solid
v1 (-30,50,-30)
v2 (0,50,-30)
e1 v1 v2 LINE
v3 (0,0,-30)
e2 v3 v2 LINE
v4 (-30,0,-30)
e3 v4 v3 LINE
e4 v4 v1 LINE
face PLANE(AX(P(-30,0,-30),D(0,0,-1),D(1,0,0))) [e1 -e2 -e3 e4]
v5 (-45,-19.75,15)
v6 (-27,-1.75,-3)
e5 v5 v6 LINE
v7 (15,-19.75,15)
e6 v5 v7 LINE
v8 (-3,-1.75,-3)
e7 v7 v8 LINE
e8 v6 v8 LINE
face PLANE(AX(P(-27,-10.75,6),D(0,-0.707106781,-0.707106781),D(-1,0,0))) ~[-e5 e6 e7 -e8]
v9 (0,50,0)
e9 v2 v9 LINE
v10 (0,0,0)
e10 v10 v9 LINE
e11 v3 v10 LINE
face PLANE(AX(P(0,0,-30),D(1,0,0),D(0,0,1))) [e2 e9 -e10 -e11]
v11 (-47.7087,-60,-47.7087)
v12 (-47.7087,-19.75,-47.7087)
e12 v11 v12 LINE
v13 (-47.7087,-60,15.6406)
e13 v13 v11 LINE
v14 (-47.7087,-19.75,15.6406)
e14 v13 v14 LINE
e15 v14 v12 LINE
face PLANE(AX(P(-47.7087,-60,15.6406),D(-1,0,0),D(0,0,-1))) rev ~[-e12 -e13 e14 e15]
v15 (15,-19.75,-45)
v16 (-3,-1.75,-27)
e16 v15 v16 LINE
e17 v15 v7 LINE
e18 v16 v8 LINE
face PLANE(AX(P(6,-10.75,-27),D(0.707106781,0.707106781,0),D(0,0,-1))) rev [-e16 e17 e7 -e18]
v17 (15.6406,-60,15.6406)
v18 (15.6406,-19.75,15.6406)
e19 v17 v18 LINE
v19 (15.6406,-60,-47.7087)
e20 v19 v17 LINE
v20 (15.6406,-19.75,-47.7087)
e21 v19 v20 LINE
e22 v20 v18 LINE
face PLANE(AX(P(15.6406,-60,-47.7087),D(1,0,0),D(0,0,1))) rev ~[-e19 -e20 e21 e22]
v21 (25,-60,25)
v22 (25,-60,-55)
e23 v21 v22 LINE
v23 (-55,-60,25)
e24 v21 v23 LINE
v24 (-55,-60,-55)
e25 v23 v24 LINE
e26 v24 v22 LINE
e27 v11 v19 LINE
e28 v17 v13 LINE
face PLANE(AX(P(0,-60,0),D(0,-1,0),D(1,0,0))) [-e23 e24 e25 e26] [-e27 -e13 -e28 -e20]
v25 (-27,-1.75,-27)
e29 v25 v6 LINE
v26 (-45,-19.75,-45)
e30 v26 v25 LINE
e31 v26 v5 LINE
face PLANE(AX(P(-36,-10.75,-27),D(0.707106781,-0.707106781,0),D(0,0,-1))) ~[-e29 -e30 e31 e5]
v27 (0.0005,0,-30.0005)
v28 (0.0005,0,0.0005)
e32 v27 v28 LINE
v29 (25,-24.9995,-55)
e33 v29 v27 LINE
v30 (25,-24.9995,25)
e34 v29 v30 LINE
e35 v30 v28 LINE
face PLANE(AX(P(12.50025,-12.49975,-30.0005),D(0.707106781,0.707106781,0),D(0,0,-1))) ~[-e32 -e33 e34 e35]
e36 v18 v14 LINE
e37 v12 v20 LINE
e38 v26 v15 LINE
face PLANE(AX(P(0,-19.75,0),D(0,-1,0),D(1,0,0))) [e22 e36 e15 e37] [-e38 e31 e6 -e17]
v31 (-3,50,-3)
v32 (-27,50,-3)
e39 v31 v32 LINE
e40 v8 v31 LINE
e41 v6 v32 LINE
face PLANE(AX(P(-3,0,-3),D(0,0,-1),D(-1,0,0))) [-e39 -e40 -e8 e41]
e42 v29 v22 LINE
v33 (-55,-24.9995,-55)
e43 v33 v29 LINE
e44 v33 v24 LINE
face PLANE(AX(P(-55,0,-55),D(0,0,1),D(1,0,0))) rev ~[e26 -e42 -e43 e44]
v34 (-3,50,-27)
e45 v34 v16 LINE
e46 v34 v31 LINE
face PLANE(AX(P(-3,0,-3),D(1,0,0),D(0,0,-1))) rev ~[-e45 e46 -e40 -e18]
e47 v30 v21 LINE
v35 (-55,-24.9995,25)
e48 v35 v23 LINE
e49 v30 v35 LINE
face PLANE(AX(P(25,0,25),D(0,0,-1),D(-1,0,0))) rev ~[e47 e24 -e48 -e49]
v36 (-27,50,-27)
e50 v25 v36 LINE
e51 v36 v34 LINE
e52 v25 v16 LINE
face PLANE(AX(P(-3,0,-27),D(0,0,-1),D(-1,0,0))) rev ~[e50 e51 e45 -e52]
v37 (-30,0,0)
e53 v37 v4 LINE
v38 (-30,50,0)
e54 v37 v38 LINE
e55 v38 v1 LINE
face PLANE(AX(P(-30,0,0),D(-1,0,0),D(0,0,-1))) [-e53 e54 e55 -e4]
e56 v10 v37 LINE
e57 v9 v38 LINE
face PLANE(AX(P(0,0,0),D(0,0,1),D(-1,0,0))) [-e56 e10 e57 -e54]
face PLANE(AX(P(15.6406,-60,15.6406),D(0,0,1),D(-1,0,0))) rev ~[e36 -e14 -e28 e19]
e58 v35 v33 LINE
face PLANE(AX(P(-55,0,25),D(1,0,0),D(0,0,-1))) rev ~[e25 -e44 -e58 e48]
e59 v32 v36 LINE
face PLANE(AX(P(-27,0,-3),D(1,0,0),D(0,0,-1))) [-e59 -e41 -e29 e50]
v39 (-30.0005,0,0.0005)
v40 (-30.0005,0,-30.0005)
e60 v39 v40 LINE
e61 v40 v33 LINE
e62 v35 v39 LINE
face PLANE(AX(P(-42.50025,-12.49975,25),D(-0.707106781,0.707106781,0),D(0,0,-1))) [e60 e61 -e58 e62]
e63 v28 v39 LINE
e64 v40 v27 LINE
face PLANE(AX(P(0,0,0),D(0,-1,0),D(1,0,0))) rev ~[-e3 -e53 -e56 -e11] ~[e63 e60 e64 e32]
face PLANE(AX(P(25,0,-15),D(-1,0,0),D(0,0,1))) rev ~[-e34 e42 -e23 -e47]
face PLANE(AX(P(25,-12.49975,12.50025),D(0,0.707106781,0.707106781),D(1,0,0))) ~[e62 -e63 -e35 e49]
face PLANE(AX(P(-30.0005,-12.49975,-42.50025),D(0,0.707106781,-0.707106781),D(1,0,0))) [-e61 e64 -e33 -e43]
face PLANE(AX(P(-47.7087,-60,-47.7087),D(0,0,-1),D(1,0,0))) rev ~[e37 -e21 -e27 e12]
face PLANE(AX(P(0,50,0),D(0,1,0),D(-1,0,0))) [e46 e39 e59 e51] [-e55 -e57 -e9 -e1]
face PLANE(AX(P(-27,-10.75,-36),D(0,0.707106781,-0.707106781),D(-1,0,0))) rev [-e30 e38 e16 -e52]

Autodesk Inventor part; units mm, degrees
ref_plane "YZ Plane" through (0, 0, 0) normal (1, 0, 0) x (0, 1, 0)
ref_plane "XZ Plane" through (0, 0, 0) normal (0, 1, 0) x (-1, 0, 0)
ref_plane "XY Plane" through (0, 0, 0) normal (0, 0, 1) x (1, 0, 0)
sketch "Boceto1" plane through (0, 0, 0) normal (0, 1, 0) x (-1, 0, 0)
  line L0 (0, 0) -> (30, 0)
  line L1 (30, 0) -> (30, -30)
  line L2 (30, -30) -> (0, -30)
  line L3 (0, -30) -> (0, 0)
  dimension "d0" = 30
  dimension "d1" = 30
extrude "Extrusión1" add sketch "Boceto1" along normal blind 50
sketch "Boceto2" plane through (0, 50, 0) normal (0, 1, 0) x (1, 0, 0)
  line L0 (-30, 0) -> (0, 0) projected
  line L1 (0, 0) -> (-3, 0)
  line L2 (-3, 0) -> (-6, 0)
  line L3 (-3, 0) -> (-3, 3)
  line L4 (-30, 30) -> (-30, 0) projected
  line L5 (-30, 30) -> (-27, 30)
  line L6 (0, 30) -> (-30, 30) projected
  line L7 (-27, 30) -> (-30, 30)
  line L8 (-27, 30) -> (-27, 27)
  line L9 (-3, 3) -> (-27, 3)
  line L10 (-27, 3) -> (-27, 27)
  line L11 (-27, 27) -> (-3, 27)
  line L12 (-3, 27) -> (-3, 3)
  dimension "d4" = 3
  dimension "d6" = 3
  dimension "d7" = 3
  dimension "d8" = 3
  dimension "d9" = 3
extrude "Extrusión2" cut sketch "Boceto2" against normal blind 184.25 contours L9 L10 L11 L12
sketch "Boceto3" plane through (0, 0, 0) normal (1, 0, 0) x (0, 0, -1)
  point P0 (0, 0)
sketch "Boceto4" plane through (0, 0, 0) normal (0, -1, 0) x (1, 0, 0)
  line L0 (25, 25) -> (-55, 25)
  line L1 (-55, 25) -> (-55, -55)
  line L2 (-55, -55) -> (25, -55)
  line L3 (25, -55) -> (25, 25)
  line L4 (25, -55) -> (25, -15)
  line L5 (25, -15) -> (-15, -15)
  line L6 (0, 0) -> (0, -30) projected
  line L7 (0, 0) -> (0, -15)
  line L8 (0, -15) -> (-15, -15)
  dimension "d12" = 80
  dimension "d13" = 80
  dimension "d14" = 40
  dimension "d15" = 40
  dimension "d16" = 15
  dimension "d17" = 15
extrude "Extrusión3" add sketch "Boceto4" along normal blind 60
chamfer "Chaflán1" distance 25 angle 45 1 edges at (-55, 0, -15)
chamfer "Chaflán2" distance 25 angle 45 1 edges at (-2.5003, 0, 25)
chamfer "Chaflán3" distance 25 angle 45 1 edges at (-2.5003, 0, -55)
chamfer "Chaflán4" distance 25 angle 45 1 edges at (25, 0, -15)
sketch "Boceto6" plane through (0, -60, 0) normal (0, -1, 0) x (1, 0, 0)
  line L0 (0, 0) -> (25, 25) projected
  line L1 (-55, -55) -> (-30, -30) projected
  line L2 (15.6406, 15.6406) -> (-47.7087, 15.6406)
  line L3 (-47.7087, 15.6406) -> (-47.7087, -47.7087)
  line L4 (-47.7087, -47.7087) -> (15.6406, -47.7087)
  line L5 (15.6406, -47.7087) -> (15.6406, 15.6406)
extrude "Extrusión5" cut sketch "Boceto6" against normal blind 40.25
sketch "Boceto7" plane through (0, 0, 0) normal (0, 1, 0) x (1, 0, 0)
  line L0 (-3, 27) -> (-27, 27) projected
  line L1 (-3, 3) -> (-3, 27) projected
  line L2 (-27, 27) -> (-3, 27)
  line L3 (-3, 27) -> (-3, 3)
  line L4 (-3, 3) -> (-27, 3)
  line L5 (-27, 3) -> (-27, 27)
  point P0 (0, 0)
extrude "Extrusión6" cut sketch "Boceto7" against normal blind 184.25
chamfer "Chaflán5" distance 18 angle 45 4 edges at (-27, -19.75, -15) (-15, -19.75, -3) (-15, -19.75, -27) (-3, -19.75, -15)
properties part number "tolva"
